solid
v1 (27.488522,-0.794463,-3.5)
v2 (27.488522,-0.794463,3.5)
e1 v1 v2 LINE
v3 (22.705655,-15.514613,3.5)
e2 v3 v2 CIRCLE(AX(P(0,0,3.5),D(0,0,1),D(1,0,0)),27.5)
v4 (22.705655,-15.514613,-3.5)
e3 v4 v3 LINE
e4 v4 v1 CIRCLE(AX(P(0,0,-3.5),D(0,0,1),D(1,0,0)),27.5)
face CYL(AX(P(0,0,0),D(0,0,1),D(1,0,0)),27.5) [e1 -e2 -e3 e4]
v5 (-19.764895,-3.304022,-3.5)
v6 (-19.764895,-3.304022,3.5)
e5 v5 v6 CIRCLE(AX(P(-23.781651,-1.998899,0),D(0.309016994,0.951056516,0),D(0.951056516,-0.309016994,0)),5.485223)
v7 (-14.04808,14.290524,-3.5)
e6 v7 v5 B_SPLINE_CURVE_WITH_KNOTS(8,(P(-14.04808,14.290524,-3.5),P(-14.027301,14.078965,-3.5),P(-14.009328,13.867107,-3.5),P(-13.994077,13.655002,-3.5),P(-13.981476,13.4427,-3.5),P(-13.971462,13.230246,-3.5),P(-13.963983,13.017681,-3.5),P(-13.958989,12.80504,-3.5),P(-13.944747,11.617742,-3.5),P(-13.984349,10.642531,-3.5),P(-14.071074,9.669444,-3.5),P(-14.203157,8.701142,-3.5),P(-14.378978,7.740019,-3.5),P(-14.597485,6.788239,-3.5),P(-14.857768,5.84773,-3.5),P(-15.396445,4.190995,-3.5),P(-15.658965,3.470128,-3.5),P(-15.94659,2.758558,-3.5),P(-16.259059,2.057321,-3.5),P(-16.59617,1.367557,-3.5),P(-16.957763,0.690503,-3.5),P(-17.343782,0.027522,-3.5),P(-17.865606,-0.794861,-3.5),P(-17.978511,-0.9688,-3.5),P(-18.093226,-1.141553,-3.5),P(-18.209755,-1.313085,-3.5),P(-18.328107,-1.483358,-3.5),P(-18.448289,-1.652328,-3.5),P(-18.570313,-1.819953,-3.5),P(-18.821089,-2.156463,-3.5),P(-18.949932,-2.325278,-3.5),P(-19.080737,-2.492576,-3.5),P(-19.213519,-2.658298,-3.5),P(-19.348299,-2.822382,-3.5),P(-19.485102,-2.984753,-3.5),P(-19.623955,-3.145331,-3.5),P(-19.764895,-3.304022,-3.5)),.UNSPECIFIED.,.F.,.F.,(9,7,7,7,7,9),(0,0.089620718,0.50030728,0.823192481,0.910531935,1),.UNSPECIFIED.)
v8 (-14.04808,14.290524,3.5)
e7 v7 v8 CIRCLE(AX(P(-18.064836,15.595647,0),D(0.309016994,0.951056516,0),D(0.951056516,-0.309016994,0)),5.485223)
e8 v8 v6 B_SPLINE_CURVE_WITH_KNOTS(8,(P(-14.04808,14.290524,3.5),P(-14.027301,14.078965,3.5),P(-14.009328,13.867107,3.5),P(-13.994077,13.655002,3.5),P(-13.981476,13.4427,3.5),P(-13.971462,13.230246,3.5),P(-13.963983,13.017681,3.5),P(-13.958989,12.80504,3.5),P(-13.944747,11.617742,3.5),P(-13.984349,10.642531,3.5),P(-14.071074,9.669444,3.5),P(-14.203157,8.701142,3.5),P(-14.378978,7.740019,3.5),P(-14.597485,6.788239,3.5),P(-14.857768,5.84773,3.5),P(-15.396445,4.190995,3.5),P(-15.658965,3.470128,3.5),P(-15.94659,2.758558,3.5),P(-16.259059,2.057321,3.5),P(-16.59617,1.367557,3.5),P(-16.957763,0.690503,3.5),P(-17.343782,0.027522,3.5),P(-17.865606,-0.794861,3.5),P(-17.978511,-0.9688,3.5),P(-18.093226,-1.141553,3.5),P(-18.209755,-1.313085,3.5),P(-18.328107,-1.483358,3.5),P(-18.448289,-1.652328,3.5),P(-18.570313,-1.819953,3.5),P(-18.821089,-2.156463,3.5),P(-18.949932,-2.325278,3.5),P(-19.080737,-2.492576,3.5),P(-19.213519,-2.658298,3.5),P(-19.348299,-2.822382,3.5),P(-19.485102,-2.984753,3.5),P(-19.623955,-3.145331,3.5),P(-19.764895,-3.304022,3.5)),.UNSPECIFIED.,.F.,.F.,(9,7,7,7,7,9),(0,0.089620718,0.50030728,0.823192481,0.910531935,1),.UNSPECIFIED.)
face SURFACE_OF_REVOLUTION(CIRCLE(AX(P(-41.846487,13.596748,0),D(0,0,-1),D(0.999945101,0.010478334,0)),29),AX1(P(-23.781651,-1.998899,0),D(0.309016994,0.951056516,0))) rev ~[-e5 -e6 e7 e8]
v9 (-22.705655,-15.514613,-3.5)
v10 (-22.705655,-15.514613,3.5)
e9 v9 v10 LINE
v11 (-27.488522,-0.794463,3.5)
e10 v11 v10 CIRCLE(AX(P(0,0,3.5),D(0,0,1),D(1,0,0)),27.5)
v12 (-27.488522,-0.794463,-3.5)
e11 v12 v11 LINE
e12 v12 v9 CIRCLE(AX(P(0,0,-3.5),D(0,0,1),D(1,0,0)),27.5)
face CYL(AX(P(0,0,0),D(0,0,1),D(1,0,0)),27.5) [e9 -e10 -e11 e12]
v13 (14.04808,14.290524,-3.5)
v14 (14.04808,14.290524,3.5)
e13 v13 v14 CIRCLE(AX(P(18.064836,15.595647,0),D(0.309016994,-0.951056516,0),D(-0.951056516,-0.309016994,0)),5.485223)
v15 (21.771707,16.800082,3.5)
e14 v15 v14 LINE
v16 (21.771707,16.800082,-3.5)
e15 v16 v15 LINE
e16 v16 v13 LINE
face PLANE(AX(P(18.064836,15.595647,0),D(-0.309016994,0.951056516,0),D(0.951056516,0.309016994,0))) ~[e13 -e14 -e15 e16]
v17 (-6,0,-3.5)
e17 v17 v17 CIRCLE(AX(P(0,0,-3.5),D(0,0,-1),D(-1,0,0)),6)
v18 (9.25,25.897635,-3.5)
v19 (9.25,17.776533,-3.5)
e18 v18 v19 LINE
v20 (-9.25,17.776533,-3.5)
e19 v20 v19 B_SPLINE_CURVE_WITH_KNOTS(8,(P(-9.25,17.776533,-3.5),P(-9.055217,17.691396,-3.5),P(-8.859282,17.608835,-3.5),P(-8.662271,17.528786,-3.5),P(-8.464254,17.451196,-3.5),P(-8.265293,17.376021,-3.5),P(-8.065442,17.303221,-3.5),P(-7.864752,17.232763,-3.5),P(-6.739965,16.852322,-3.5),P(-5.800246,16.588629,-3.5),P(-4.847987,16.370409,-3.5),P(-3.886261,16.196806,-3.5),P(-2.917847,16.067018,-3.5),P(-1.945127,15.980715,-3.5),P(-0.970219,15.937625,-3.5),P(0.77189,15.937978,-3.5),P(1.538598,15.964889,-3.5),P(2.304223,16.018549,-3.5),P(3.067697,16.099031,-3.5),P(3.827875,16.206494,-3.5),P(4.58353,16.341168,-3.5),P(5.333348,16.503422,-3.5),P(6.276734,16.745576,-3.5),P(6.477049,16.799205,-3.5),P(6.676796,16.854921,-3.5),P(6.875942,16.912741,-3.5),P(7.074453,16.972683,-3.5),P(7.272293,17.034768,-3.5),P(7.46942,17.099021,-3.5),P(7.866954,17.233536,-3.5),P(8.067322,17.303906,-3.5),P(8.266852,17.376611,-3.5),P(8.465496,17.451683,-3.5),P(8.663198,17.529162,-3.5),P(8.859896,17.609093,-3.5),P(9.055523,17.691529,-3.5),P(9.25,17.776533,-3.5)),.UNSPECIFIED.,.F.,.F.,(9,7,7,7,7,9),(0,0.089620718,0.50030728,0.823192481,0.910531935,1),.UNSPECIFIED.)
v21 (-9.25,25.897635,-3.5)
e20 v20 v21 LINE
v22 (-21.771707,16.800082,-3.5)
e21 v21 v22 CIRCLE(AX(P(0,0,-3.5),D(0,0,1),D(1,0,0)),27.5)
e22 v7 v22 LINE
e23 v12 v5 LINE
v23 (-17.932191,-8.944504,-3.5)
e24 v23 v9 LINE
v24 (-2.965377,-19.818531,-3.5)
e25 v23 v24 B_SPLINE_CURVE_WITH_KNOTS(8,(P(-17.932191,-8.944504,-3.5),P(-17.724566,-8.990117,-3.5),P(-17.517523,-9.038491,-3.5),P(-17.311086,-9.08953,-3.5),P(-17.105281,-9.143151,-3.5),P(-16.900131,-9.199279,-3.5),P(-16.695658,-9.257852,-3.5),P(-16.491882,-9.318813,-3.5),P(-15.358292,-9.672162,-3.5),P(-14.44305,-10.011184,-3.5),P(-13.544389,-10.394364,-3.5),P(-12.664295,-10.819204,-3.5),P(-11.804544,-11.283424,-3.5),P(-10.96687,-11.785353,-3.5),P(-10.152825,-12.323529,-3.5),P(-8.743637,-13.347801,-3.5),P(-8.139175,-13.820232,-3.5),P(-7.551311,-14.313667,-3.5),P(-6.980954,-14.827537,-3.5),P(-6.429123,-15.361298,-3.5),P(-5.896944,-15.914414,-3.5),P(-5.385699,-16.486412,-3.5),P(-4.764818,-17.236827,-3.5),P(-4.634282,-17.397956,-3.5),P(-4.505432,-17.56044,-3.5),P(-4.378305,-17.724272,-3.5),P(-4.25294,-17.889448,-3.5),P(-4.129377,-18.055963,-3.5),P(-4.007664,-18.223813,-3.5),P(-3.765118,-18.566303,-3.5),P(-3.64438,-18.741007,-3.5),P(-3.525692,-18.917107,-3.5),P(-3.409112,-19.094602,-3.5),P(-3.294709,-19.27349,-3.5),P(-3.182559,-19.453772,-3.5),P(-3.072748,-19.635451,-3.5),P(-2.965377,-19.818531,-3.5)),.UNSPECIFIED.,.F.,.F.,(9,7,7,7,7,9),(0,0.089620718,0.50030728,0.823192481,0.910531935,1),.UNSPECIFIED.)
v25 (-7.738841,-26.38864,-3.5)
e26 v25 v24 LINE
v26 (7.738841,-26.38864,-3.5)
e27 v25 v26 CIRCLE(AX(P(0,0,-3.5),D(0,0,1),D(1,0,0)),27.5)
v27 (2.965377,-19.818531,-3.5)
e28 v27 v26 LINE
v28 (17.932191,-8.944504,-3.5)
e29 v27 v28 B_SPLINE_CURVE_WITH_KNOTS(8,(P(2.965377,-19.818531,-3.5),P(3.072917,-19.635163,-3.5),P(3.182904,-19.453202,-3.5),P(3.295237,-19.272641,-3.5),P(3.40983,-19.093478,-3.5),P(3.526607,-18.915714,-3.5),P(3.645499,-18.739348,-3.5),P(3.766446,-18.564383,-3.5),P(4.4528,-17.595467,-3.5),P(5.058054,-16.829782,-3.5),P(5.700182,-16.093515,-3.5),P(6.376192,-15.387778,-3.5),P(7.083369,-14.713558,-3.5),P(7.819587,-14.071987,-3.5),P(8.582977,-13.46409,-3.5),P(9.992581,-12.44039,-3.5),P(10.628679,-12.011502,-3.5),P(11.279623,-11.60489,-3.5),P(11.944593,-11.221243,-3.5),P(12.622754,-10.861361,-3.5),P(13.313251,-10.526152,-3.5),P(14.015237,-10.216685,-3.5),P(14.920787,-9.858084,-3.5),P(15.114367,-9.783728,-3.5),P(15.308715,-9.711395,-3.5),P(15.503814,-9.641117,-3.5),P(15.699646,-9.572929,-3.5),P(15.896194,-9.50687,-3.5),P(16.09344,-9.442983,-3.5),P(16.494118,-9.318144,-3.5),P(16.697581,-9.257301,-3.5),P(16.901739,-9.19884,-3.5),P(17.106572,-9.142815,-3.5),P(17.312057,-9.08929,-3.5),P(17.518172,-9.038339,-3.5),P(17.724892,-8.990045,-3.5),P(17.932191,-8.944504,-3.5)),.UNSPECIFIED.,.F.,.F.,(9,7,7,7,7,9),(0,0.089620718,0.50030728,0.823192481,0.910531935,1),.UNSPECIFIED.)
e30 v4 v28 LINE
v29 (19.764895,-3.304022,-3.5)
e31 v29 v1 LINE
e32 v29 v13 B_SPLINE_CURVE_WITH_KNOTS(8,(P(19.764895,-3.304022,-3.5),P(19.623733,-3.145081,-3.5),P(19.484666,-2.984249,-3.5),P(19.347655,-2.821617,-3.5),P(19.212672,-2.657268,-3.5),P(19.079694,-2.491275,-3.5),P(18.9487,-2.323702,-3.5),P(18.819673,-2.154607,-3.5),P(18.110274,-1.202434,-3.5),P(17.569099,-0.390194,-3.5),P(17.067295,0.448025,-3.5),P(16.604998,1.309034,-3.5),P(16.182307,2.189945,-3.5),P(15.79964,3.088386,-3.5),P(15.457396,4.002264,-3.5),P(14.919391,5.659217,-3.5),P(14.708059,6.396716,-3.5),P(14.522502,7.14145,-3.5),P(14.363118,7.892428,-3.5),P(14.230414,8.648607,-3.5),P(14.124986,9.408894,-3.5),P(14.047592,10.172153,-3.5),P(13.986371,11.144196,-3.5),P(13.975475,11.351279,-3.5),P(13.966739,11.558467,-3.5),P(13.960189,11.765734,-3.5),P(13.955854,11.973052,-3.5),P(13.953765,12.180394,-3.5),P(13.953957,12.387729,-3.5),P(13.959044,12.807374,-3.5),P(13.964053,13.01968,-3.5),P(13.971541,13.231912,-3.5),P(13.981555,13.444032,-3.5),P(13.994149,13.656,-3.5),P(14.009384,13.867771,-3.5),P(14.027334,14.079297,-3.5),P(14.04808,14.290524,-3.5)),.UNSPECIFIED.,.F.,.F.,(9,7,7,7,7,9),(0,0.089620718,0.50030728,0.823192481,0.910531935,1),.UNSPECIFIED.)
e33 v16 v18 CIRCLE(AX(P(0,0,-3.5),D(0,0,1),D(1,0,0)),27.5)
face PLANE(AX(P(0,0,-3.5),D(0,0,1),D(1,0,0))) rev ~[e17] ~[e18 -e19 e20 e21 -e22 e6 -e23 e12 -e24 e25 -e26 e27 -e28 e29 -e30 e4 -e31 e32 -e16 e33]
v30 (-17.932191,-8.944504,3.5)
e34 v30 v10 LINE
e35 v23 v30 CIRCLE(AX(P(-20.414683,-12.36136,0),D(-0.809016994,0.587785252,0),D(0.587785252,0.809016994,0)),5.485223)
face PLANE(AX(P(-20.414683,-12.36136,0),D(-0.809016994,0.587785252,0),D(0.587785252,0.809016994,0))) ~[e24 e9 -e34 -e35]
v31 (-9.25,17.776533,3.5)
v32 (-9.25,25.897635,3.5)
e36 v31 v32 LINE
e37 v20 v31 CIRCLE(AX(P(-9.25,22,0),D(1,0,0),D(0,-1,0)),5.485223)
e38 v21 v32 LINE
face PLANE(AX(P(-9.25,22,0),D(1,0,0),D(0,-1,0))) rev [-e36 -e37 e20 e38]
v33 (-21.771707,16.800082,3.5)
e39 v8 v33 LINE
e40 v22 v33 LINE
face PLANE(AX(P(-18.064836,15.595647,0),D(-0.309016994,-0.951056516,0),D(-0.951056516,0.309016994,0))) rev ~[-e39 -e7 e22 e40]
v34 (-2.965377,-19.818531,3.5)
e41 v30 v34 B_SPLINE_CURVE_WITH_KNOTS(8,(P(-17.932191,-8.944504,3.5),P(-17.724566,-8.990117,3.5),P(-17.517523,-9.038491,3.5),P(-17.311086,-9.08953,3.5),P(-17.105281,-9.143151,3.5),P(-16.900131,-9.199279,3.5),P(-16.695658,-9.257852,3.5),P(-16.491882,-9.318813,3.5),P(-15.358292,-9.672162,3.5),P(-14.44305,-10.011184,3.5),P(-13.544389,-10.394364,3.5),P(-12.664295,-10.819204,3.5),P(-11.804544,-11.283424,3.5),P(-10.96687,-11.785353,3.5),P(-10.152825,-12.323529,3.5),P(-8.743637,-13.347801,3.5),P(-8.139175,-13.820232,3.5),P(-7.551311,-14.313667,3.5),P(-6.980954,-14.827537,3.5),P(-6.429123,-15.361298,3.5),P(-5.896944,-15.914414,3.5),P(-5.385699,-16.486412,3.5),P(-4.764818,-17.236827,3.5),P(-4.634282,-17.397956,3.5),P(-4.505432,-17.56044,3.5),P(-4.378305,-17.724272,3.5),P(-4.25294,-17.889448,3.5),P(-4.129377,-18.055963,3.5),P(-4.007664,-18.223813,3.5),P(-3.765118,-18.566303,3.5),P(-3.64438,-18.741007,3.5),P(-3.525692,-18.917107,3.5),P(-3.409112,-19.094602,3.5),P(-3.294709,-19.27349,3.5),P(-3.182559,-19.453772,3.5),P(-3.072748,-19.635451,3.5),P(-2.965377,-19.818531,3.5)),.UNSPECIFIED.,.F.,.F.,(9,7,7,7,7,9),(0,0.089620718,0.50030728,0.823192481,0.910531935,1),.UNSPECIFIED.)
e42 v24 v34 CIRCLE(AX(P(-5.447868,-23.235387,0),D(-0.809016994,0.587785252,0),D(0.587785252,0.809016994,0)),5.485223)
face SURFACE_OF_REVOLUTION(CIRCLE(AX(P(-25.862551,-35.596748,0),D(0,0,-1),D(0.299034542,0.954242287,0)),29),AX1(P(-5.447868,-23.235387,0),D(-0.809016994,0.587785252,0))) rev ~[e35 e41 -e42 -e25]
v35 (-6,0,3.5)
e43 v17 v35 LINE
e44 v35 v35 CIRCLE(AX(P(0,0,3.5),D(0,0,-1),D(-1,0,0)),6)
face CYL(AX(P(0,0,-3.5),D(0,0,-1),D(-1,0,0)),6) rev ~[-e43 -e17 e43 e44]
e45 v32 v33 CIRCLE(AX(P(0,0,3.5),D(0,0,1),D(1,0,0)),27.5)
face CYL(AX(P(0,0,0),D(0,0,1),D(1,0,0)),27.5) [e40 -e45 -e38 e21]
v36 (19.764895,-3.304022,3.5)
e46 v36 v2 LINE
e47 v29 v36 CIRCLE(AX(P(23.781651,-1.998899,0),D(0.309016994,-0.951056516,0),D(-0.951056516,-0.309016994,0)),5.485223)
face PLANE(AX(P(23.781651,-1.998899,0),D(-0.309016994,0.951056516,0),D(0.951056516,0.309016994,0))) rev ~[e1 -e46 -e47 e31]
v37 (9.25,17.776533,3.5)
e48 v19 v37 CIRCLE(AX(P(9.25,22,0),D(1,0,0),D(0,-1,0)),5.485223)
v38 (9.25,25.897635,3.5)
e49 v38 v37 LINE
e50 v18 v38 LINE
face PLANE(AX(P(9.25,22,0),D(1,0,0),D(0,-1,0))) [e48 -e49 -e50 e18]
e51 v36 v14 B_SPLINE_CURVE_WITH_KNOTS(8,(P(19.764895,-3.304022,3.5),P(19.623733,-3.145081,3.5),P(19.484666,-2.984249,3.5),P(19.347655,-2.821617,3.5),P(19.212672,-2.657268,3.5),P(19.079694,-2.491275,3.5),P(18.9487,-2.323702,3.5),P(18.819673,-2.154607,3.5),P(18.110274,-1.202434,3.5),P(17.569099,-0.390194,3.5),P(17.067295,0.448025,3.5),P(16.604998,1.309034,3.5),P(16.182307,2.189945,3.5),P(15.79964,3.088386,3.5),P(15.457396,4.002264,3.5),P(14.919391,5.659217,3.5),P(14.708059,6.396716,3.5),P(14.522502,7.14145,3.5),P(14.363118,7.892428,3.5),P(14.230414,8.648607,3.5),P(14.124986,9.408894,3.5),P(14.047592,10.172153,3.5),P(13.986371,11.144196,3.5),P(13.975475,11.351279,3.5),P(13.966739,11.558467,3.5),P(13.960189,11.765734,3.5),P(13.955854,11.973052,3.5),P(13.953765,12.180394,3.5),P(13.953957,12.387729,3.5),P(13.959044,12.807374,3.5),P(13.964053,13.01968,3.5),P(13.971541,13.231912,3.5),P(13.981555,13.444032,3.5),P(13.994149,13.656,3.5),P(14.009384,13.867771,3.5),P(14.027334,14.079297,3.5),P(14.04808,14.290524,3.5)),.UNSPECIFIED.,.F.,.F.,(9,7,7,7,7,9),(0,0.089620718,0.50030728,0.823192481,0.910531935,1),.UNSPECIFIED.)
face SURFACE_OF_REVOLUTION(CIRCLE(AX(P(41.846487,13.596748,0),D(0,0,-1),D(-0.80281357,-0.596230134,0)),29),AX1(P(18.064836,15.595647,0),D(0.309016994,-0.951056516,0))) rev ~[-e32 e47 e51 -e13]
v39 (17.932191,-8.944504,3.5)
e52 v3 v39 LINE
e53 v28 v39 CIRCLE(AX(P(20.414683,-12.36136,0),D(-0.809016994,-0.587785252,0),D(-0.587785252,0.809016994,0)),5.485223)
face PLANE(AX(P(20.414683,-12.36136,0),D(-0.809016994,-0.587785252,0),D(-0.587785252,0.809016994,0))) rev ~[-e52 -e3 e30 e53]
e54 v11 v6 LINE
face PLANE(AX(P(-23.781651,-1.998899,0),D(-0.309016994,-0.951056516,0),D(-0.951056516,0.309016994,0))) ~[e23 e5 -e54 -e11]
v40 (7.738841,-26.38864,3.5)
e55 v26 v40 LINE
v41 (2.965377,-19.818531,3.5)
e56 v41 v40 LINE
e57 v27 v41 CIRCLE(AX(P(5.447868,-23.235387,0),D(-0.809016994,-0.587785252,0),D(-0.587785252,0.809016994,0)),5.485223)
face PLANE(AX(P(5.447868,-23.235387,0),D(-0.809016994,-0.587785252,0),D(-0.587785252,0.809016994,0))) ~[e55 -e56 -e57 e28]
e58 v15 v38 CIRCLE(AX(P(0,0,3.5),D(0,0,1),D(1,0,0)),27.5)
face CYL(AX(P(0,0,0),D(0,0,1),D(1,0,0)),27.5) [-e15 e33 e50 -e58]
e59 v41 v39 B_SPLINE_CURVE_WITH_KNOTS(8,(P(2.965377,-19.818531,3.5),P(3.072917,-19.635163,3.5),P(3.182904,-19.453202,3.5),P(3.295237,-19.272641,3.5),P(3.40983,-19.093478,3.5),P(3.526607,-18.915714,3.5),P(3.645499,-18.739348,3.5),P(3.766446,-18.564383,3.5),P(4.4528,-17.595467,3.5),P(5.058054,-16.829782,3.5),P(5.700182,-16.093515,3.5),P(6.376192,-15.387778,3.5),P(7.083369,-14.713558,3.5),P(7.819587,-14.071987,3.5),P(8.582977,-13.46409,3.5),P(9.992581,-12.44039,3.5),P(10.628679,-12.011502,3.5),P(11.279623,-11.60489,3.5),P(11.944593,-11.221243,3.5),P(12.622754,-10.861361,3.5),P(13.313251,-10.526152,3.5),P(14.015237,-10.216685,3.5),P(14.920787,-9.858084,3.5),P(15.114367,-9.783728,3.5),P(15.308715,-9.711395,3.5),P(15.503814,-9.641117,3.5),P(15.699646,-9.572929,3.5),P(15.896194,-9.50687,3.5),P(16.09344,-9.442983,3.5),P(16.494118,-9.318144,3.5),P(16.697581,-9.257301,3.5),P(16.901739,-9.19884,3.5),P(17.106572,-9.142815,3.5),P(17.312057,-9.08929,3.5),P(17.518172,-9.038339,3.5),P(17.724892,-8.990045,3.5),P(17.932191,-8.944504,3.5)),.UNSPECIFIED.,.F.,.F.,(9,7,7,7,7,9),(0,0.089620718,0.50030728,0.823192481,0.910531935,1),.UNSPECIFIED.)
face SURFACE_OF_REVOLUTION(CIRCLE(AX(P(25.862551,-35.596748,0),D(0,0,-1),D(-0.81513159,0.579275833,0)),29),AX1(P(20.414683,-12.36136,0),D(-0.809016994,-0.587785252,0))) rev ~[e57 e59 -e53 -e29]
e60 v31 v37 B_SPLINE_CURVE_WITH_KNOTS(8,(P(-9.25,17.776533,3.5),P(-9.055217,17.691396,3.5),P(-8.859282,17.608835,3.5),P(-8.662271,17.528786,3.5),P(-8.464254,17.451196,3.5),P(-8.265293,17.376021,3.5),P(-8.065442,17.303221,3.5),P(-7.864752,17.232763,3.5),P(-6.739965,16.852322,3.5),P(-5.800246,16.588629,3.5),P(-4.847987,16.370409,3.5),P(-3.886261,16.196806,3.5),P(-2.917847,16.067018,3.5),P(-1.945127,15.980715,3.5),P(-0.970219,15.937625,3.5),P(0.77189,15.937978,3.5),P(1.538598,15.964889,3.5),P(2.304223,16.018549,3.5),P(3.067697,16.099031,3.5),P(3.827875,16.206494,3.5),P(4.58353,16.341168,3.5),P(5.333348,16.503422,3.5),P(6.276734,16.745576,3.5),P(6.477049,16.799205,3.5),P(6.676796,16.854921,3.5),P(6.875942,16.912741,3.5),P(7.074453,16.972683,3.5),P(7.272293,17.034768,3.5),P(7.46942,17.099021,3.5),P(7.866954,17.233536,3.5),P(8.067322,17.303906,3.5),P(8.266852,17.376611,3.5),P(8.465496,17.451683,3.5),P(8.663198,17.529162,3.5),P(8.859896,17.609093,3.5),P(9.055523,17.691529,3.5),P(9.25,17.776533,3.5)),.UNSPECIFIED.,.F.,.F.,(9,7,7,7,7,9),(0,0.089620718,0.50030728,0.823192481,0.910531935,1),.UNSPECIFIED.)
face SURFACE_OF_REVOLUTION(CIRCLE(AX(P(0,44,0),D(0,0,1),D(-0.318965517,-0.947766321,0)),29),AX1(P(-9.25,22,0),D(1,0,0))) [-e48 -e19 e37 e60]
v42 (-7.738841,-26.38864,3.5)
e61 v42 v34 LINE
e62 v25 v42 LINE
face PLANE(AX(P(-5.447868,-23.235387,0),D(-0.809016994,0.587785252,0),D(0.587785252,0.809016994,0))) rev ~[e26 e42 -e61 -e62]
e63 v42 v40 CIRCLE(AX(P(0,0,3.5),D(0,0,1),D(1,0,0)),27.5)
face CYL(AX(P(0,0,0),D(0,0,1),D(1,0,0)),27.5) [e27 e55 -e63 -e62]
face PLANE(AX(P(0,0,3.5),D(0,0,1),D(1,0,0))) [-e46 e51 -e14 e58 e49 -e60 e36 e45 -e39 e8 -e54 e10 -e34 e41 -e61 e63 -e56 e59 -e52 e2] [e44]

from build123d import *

# Parameters (mm, degrees)
SKETCH1_7_R         = 27.5
BOSS_EXTRUDE1_DEPTH = 3.5
CUT_EXTRUDE8_REACH  = 44.335
SKETCH4_R           = 6


with BuildPart() as part:
    # Sketch1 → Revolve16 (revolve)
    with BuildSketch(Plane.XY):
        with BuildLine():
            Line((-9.25, 22.000000003), (-9.25, 27.485223303))
            ThreePointArc((-9.25, 27.485223303), (0, 29), (9.25, 27.485223303))
            Line((9.25, 27.485223303), (9.25, 22.000000003))
            Line((9.25, 22.000000003), (-9.25, 22.000000003))
        make_face()
    revolve(axis=Axis((-9.25, 22.000000003, 0), (1, 0, 0)))



with BuildPart() as body_2:
    # Sketch1<3> → Revolve17 (revolve)
    with BuildSketch(Plane.XY):
        with BuildLine():
            Line((-18.064836163, 15.595646653), (-23.281593526, 17.29067387))
            ThreePointArc((-23.281593526, 17.29067387), (-27.580638973, 8.961492837), (-28.998407922, -0.303871681))
            Line((-28.998407922, -0.303871681), (-23.781650559, -1.998898899))
            Line((-23.781650559, -1.998898899), (-18.064836163, 15.595646653))
        make_face()
    revolve(axis=Axis((-23.781650559, -1.998898899, 0), (0.3090169943749582, 0.9510565162951501, 0)))


with BuildPart() as body_3:
    # Sketch1<4> → Revolve18 (revolve)
    with BuildSketch(Plane.XY):
        with BuildLine():
            Line((-20.41468275, -12.361360295), (-23.638816111, -16.798999162))
            ThreePointArc((-23.638816111, -16.798999162), (-17.045772316, -23.461492837), (-8.672001715, -27.67302633))
            Line((-8.672001715, -27.67302633), (-5.447868354, -23.235387462))
            Line((-5.447868354, -23.235387462), (-20.41468275, -12.361360295))
        make_face()
    revolve(axis=Axis((-5.447868354, -23.235387462, 0), (-0.8090169943749421, 0.5877852522924805, 0)))


with BuildPart() as body_4:
    # Sketch1<5> → Revolve19 (revolve)
    with BuildSketch(Plane.XY):
        with BuildLine():
            Line((5.447868354, -23.235387462), (8.672001715, -27.67302633))
            ThreePointArc((8.672001715, -27.67302633), (17.045772316, -23.461492837), (23.638816111, -16.798999162))
            Line((23.638816111, -16.798999162), (20.41468275, -12.361360295))
            Line((20.41468275, -12.361360295), (5.447868354, -23.235387462))
        make_face()
    revolve(axis=Axis((20.41468275, -12.361360295, 0), (-0.8090169943749509, -0.5877852522924685, 0)))


with BuildPart() as body_5:
    # Sketch1<6> → Revolve20 (revolve)
    with BuildSketch(Plane.XY):
        with BuildLine():
            Line((23.781650559, -1.998898899), (28.998407922, -0.303871681))
            ThreePointArc((28.998407922, -0.303871681), (27.580638973, 8.961492837), (23.281593526, 17.29067387))
            Line((23.281593526, 17.29067387), (18.064836163, 15.595646653))
            Line((18.064836163, 15.595646653), (23.781650559, -1.998898899))
        make_face()
    revolve(axis=Axis((18.064836163, 15.595646653, 0), (0.30901699437494456, -0.9510565162951546, 0)))


with BuildPart() as part_1:
    add(part.part)

    add(body_2.part)  # Boss-Extrude1 merges body 2

    add(body_3.part)  # Boss-Extrude1 merges body 3

    add(body_4.part)  # Boss-Extrude1 merges body 4

    add(body_5.part)  # Boss-Extrude1 merges body 5
    # Sketch1<7> → Boss-Extrude1 (add, symmetric)
    with BuildSketch(Plane.XY):
        Circle(SKETCH1_7_R)
    extrude(amount=BOSS_EXTRUDE1_DEPTH, both=True)

    # Sketch4 → Cut-Extrude8 (cut, up to next)
    with BuildSketch(Plane(origin=(0, 0, -3.5), x_dir=(-1, 0, 0), z_dir=(0, 0, -1)), mode=Mode.PRIVATE) as cut_extrude8_sk1:
        Circle(SKETCH4_R)
    cut_extrude8_tool1 = extrude(cut_extrude8_sk1.sketch, amount=-CUT_EXTRUDE8_REACH, mode=Mode.PRIVATE) & part_1.part
    add(cut_extrude8_tool1.solids().sort_by_distance((0, 0, -3.5))[0], mode=Mode.SUBTRACT)


solid = part_1.part
